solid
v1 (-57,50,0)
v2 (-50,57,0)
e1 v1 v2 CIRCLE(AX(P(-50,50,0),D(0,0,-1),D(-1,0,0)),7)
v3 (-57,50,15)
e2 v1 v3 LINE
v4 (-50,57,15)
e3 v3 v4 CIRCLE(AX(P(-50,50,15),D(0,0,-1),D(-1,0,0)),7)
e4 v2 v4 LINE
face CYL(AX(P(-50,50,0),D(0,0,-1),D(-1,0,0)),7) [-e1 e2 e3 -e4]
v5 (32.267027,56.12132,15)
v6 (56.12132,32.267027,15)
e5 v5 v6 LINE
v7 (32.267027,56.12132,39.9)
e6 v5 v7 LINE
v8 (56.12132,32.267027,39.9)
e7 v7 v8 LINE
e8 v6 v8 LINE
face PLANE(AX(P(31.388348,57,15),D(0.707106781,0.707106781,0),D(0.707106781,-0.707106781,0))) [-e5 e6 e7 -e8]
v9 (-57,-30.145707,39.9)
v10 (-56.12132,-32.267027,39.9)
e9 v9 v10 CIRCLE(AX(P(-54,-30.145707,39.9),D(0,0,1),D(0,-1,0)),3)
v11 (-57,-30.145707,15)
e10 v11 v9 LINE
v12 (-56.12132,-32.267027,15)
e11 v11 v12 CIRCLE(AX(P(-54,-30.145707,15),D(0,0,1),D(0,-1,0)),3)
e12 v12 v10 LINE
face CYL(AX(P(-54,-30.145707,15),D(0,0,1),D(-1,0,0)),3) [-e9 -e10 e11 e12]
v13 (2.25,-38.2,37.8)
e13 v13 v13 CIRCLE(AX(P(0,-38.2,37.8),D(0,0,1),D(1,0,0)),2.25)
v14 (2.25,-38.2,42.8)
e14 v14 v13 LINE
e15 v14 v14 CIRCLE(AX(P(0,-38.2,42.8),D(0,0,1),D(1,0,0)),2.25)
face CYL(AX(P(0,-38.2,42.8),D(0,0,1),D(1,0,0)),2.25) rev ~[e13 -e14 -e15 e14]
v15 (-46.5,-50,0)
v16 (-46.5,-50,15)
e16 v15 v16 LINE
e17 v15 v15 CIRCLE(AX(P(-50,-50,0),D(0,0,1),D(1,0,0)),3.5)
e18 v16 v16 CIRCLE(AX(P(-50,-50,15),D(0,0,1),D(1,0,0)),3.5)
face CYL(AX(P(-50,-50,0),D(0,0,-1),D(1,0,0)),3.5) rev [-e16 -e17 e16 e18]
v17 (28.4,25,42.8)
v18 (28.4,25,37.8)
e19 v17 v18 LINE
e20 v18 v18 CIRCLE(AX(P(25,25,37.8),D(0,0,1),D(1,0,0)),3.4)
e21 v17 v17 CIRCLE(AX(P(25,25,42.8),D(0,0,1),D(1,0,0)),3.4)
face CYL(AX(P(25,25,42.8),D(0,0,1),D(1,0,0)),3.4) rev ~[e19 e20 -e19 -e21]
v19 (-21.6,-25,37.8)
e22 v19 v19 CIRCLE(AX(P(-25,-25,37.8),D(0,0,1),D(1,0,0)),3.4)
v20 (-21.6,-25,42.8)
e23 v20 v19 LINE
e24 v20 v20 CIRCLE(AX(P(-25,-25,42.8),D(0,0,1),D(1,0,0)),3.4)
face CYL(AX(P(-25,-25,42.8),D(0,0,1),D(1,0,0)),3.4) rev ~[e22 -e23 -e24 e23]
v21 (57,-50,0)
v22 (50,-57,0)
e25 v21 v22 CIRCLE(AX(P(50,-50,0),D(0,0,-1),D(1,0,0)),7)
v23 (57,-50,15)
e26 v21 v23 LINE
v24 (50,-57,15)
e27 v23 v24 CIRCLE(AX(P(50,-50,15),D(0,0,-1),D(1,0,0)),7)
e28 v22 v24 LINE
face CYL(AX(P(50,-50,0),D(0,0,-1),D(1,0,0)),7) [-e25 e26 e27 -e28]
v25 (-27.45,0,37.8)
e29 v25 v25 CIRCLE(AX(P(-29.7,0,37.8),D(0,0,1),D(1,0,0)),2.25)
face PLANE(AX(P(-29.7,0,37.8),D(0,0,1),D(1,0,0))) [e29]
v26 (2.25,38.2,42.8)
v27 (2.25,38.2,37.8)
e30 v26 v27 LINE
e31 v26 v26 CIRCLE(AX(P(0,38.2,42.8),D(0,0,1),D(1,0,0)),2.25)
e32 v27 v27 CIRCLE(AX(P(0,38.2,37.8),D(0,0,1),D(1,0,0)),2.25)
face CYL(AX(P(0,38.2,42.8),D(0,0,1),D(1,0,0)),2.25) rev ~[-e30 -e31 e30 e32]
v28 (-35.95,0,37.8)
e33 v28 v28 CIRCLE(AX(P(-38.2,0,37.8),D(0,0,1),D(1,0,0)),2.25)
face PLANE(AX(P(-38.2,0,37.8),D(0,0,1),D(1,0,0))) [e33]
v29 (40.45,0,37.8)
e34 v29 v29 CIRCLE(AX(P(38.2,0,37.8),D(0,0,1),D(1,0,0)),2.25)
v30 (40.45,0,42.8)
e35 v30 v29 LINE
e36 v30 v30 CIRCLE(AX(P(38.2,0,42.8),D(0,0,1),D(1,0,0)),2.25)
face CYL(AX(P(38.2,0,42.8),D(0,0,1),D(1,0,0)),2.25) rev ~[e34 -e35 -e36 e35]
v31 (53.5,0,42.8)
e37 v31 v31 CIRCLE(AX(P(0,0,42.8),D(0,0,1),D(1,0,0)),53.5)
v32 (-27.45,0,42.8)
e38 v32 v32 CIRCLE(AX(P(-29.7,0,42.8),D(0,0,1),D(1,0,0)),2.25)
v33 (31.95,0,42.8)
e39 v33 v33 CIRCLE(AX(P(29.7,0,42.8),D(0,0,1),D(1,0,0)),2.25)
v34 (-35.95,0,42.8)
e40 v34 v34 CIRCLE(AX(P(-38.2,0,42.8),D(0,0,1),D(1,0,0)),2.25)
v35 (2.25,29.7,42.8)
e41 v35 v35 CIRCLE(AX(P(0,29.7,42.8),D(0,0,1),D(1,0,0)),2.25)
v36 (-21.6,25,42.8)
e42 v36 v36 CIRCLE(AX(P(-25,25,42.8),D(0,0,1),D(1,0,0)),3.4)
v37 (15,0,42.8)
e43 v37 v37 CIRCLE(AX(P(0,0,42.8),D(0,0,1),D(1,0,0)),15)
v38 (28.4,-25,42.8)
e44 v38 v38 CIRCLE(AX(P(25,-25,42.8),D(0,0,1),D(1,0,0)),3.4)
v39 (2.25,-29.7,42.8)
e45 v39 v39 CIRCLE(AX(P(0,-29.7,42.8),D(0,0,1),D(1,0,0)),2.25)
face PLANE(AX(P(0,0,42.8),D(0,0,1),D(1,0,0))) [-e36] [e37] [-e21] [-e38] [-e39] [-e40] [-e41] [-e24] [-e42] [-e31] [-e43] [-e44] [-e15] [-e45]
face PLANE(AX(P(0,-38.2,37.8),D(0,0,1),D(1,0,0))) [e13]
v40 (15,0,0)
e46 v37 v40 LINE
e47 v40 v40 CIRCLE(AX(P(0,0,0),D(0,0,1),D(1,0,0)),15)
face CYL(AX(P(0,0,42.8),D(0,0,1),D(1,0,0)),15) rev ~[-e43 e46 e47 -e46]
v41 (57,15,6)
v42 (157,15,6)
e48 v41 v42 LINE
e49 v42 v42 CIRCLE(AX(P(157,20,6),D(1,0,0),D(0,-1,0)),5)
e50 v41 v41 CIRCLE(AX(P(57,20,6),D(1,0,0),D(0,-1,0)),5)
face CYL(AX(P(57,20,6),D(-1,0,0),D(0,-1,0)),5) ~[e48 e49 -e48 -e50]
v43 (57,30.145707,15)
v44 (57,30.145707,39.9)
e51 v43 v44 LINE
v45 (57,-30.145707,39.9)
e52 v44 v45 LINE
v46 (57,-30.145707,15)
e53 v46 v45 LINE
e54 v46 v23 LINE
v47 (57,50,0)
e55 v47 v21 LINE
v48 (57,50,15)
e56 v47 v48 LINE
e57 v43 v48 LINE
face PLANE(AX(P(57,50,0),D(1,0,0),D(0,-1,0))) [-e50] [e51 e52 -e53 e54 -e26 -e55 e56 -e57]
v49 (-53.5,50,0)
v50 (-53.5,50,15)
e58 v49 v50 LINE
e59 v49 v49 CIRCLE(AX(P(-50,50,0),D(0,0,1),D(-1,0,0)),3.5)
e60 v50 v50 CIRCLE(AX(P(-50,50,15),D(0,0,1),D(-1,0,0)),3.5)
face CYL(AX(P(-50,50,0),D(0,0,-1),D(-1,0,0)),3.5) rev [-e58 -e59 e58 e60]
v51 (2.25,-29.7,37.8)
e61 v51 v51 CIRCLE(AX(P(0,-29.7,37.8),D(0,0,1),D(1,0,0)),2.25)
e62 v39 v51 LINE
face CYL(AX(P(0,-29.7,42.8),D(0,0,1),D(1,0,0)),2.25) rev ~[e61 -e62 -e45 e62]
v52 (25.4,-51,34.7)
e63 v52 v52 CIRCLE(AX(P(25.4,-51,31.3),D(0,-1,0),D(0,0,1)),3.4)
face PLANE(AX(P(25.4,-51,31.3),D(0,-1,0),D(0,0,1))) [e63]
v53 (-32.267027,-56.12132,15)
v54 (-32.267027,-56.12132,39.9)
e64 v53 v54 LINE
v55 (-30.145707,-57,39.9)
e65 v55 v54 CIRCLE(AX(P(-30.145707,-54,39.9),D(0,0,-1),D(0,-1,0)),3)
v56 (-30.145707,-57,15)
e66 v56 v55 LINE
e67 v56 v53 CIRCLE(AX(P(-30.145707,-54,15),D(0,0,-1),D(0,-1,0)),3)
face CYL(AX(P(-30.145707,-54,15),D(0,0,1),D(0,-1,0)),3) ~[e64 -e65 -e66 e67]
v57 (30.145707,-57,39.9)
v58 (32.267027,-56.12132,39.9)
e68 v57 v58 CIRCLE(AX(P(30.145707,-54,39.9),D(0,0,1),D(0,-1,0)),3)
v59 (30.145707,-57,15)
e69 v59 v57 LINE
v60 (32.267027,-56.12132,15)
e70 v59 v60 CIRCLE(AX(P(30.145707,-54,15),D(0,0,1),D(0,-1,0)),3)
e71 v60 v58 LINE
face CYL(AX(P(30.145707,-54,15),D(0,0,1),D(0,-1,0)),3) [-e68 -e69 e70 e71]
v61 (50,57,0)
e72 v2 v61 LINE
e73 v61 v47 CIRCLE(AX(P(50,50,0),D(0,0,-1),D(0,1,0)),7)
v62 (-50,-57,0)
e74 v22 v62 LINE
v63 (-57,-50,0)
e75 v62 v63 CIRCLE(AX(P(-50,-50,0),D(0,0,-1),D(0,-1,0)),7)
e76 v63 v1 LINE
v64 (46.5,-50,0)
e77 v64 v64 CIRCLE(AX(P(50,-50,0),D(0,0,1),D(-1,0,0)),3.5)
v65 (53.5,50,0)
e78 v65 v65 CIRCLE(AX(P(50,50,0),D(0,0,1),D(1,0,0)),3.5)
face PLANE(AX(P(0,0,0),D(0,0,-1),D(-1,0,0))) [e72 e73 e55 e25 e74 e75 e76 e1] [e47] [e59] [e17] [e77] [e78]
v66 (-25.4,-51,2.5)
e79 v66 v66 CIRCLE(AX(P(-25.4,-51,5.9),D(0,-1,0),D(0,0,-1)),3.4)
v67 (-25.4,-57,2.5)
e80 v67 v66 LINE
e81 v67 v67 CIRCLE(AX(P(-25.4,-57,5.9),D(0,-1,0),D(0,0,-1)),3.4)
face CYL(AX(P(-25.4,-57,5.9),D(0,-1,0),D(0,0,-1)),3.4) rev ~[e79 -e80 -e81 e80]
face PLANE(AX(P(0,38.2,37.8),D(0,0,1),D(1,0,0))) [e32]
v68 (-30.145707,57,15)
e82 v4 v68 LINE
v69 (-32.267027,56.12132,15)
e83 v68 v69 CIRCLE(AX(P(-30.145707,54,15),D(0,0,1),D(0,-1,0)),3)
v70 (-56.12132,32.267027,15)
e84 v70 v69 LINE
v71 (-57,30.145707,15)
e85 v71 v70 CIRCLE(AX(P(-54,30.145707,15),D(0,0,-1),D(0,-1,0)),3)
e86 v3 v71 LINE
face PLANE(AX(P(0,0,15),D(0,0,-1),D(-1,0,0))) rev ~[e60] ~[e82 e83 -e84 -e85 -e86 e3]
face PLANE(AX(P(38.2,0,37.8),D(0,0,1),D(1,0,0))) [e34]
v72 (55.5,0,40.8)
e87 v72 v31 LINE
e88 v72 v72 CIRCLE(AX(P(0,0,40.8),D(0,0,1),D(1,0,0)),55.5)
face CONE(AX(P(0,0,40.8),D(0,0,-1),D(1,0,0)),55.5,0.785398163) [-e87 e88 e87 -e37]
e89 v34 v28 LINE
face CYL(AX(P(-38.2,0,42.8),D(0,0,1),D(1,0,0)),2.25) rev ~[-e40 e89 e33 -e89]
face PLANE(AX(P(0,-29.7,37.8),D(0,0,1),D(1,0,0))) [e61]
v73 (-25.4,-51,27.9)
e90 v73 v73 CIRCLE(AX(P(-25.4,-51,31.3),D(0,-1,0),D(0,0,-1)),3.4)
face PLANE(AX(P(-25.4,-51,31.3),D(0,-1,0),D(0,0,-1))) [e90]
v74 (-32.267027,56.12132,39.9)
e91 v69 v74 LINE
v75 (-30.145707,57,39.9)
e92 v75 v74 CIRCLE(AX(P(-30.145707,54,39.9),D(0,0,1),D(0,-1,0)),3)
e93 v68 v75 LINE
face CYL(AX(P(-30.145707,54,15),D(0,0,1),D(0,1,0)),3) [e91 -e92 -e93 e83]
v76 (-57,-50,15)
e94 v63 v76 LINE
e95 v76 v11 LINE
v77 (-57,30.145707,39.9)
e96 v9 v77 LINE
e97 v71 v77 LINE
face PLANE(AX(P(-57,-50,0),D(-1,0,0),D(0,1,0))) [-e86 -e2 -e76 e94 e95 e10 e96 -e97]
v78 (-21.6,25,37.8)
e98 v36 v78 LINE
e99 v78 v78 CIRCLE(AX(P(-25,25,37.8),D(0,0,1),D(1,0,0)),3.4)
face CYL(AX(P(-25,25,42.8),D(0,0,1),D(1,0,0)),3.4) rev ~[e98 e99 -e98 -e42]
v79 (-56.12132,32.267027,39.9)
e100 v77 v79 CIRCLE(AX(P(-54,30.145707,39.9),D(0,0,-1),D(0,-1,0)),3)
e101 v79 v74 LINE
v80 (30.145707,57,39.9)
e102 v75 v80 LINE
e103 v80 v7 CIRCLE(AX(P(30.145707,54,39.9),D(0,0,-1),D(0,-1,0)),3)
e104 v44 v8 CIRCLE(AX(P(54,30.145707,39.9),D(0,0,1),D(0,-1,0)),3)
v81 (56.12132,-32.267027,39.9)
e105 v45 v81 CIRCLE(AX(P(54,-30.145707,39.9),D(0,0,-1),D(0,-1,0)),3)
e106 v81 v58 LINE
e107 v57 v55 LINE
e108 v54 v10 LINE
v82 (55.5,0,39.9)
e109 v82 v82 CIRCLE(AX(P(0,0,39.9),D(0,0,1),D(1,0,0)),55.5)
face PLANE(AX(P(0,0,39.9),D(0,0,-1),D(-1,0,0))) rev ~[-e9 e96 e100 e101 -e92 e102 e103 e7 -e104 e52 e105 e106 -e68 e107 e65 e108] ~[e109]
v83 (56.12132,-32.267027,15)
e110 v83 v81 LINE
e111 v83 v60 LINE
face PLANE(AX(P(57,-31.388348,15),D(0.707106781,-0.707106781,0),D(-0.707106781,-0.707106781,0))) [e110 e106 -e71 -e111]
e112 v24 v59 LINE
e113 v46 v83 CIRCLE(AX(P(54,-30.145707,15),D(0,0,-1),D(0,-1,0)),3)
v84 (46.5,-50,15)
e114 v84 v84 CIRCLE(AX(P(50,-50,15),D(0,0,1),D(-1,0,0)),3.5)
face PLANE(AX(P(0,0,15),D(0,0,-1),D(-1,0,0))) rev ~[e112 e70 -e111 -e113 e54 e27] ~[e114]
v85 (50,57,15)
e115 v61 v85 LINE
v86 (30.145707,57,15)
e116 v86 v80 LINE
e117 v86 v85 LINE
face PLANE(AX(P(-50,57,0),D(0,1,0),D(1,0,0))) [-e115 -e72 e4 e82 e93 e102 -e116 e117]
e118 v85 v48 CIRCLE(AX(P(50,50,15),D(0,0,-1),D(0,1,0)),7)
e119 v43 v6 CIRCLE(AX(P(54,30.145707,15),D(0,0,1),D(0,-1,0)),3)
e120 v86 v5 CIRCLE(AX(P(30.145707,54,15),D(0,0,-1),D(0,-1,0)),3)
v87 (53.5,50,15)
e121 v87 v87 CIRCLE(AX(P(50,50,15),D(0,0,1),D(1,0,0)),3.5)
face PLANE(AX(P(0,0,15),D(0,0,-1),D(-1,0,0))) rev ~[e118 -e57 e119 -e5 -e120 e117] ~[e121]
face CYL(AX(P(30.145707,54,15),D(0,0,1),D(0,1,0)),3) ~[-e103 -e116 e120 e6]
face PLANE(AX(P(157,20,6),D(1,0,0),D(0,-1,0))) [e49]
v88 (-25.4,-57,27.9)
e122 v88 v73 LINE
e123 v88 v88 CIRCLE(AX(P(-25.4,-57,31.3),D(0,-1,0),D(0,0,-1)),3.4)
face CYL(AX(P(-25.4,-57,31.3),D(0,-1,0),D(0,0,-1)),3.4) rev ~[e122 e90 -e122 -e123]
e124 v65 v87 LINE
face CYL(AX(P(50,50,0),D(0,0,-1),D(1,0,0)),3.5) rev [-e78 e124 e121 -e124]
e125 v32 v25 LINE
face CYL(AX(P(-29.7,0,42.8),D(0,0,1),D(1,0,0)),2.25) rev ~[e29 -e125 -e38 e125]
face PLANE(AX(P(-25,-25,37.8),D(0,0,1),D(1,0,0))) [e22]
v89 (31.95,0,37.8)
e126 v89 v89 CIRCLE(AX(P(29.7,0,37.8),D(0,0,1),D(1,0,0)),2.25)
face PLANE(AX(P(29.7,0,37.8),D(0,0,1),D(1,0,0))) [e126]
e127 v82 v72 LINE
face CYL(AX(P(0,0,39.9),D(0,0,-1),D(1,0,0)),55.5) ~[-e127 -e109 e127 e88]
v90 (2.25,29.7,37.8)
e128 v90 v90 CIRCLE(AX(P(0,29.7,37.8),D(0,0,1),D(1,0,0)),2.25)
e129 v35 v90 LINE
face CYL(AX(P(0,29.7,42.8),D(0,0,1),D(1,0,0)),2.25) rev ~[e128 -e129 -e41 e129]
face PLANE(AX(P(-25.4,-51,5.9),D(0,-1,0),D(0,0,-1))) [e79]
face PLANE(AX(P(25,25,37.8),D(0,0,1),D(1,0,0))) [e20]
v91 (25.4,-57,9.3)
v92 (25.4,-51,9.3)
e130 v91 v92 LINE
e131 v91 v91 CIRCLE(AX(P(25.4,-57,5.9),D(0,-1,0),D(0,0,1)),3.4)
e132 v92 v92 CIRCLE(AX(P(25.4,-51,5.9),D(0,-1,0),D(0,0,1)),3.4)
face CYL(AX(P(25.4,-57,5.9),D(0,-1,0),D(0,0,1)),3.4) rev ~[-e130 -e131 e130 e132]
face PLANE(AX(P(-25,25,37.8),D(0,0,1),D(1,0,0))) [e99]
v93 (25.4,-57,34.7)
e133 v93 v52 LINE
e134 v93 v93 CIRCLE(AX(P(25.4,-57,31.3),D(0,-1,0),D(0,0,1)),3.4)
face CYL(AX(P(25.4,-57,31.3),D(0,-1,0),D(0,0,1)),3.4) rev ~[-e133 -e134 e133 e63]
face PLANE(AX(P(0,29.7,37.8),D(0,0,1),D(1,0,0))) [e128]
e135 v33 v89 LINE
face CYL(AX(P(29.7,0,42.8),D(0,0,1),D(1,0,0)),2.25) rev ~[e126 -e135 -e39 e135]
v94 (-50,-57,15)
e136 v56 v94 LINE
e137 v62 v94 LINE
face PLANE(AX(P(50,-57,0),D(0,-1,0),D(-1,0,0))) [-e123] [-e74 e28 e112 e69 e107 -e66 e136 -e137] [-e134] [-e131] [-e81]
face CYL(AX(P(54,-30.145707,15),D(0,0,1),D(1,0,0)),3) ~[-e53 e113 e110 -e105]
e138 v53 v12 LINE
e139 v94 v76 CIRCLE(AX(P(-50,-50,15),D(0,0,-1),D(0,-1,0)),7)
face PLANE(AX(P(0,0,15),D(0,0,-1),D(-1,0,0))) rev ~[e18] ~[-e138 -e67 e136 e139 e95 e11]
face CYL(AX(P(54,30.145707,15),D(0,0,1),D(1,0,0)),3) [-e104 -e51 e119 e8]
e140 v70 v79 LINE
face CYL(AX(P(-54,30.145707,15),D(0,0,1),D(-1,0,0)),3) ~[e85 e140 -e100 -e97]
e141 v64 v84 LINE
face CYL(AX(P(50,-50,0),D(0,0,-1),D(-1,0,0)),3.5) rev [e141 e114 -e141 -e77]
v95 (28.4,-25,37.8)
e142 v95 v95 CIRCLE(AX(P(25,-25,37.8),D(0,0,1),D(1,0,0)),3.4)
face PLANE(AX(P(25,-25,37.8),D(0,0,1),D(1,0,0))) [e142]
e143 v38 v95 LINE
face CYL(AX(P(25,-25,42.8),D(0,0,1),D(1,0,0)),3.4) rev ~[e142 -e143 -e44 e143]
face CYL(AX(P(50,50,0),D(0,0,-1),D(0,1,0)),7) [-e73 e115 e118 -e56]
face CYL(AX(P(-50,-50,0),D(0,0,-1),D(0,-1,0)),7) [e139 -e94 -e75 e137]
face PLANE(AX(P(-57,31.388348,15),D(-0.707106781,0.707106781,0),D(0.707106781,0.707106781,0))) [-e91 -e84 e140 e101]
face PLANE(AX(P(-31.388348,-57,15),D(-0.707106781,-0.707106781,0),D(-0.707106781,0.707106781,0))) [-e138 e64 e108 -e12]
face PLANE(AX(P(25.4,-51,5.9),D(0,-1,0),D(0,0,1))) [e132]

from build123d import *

# Parameters (mm, degrees)
SKETCH1_R           = 3.5
BOSS_EXTRUDE1_DEPTH = 15
BOSS_EXTRUDE2_DEPTH = 24.9
FILLET1_R           = 3
SKETCH3_R           = 5
BOSS_EXTRUDE3_DEPTH = 100
SKETCH4_R           = 55.5
BOSS_EXTRUDE4_DEPTH = 2.9
CHAMFER1_SIZE       = 2
SKETCH5_R           = 3.4
SKETCH5_R_2         = 2.25
CUT_EXTRUDE1_DEPTH  = 5
CUT_EXTRUDE2_REACH  = 174.423
SKETCH6_R           = 15
SKETCH7_R           = 3.4
CUT_EXTRUDE3_DEPTH  = 6


with BuildPart() as part:
    # Sketch1 → Boss-Extrude1 (new body)
    with BuildSketch(Plane.XY):
        with BuildLine():
            Line((-50, 57), (50, 57))
            ThreePointArc((50, 57), (54.949747468, 54.949747468), (57, 50))
            Line((57, 50), (57, -50))
            ThreePointArc((57, -50), (54.949747468, -54.949747468), (50, -57))
            Line((50, -57), (-50, -57))
            ThreePointArc((-50, -57), (-54.949747468, -54.949747468), (-57, -50))
            Line((-57, -50), (-57, 50))
            ThreePointArc((-57, 50), (-54.949747468, 54.949747468), (-50, 57))
        make_face()
        with Locations((50, 50)):
            Circle(SKETCH1_R, mode=Mode.SUBTRACT)
        with Locations(Location((-50, 50, 0), (0, 0, 180))):
            Circle(SKETCH1_R, mode=Mode.SUBTRACT)
        with Locations(Location((50, -50, 0), (0, 0, 180))):
            Circle(SKETCH1_R, mode=Mode.SUBTRACT)
        with Locations((-50, -50)):
            Circle(SKETCH1_R, mode=Mode.SUBTRACT)
    extrude(amount=BOSS_EXTRUDE1_DEPTH)

    # Sketch2 → Boss-Extrude2 (add)
    with BuildSketch(Plane.XY.offset(15)):
        Polygon((31.388347648, 57), (57, 31.388347648), (57, -31.388347648), (31.388347648, -57), (-31.388347648, -57), (-57, -31.388347648), (-57, 31.388347648), (-31.388347648, 57), align=None)
    extrude(amount=BOSS_EXTRUDE2_DEPTH)

    # Fillet1
    fillet1_edges = [part.edges().sort_by_distance(p)[0] for p in [
        (31.388347648, 57, 27.45),
        (-31.388347648, 57, 27.45),
        (-57, 31.388347648, 27.45),
        (-57, -31.388347648, 27.45),
        (-31.388347648, -57, 27.45),
        (31.388347648, -57, 27.45),
        (57, -31.388347648, 27.45),
        (57, 31.388347648, 27.45),
    ]]
    fillet(fillet1_edges, radius=FILLET1_R)

    # Sketch3 → Boss-Extrude3 (add)
    with BuildSketch(Plane(origin=(57, 0, 0), x_dir=(0, 0, -1), z_dir=(1, 0, 0))):
        with Locations(Location((-6, 20, 0), (0, 0, 270))):
            Circle(SKETCH3_R)
    extrude(amount=BOSS_EXTRUDE3_DEPTH)

    # Sketch4 → Boss-Extrude4 (add)
    with BuildSketch(Plane.XY.offset(39.9)):
        Circle(SKETCH4_R)
    extrude(amount=BOSS_EXTRUDE4_DEPTH)

    # Chamfer1
    chamfer1_edges = [part.edges().sort_by_distance(p)[0] for p in [
        (-55.5, 0, 42.8),
    ]]
    chamfer(chamfer1_edges, length=CHAMFER1_SIZE)

    # Sketch5 → Cut-Extrude1 (cut)
    with BuildSketch(Plane.XY.offset(42.8)):
        with Locations((25, 25)):
            Circle(SKETCH5_R)
        with Locations((0, 38.2)):
            Circle(SKETCH5_R_2)
        with Locations((0, 29.7)):
            Circle(SKETCH5_R_2)
        with Locations((38.2, 0)):
            Circle(SKETCH5_R_2)
        with Locations((29.7, 0)):
            Circle(SKETCH5_R_2)
        with Locations((25, -25)):
            Circle(SKETCH5_R)
        with Locations((0, -38.2)):
            Circle(SKETCH5_R_2)
        with Locations((0, -29.7)):
            Circle(SKETCH5_R_2)
        with Locations((-25, -25)):
            Circle(SKETCH5_R)
        with Locations((-38.2, 0)):
            Circle(SKETCH5_R_2)
        with Locations((-29.7, 0)):
            Circle(SKETCH5_R_2)
        with Locations((-25, 25)):
            Circle(SKETCH5_R)
    extrude(amount=-CUT_EXTRUDE1_DEPTH, mode=Mode.SUBTRACT)

    # Sketch6 → Cut-Extrude2 (cut, up to next)
    with BuildSketch(Plane.XY.offset(42.8), mode=Mode.PRIVATE) as cut_extrude2_sk1:
        Circle(SKETCH6_R)
    cut_extrude2_tool1 = extrude(cut_extrude2_sk1.sketch, amount=-CUT_EXTRUDE2_REACH, mode=Mode.PRIVATE) & part.part
    add(cut_extrude2_tool1.solids().sort_by_distance((0, 0, 42.8))[0], mode=Mode.SUBTRACT)

    # Sketch7 → Cut-Extrude3 (cut)
    with BuildSketch(Plane.XZ.offset(57)):
        with Locations(Location((-25.4, 31.3, 0), (0, 0, 270))):
            Circle(SKETCH7_R)
        with Locations(Location((-25.4, 5.9, 0), (0, 0, 270))):
            Circle(SKETCH7_R)
        with Locations(Location((25.4, 5.9, 0), (0, 0, 90))):
            Circle(SKETCH7_R)
        with Locations(Location((25.4, 31.3, 0), (0, 0, 90))):
            Circle(SKETCH7_R)
    extrude(amount=-CUT_EXTRUDE3_DEPTH, mode=Mode.SUBTRACT)


solid = part.part
